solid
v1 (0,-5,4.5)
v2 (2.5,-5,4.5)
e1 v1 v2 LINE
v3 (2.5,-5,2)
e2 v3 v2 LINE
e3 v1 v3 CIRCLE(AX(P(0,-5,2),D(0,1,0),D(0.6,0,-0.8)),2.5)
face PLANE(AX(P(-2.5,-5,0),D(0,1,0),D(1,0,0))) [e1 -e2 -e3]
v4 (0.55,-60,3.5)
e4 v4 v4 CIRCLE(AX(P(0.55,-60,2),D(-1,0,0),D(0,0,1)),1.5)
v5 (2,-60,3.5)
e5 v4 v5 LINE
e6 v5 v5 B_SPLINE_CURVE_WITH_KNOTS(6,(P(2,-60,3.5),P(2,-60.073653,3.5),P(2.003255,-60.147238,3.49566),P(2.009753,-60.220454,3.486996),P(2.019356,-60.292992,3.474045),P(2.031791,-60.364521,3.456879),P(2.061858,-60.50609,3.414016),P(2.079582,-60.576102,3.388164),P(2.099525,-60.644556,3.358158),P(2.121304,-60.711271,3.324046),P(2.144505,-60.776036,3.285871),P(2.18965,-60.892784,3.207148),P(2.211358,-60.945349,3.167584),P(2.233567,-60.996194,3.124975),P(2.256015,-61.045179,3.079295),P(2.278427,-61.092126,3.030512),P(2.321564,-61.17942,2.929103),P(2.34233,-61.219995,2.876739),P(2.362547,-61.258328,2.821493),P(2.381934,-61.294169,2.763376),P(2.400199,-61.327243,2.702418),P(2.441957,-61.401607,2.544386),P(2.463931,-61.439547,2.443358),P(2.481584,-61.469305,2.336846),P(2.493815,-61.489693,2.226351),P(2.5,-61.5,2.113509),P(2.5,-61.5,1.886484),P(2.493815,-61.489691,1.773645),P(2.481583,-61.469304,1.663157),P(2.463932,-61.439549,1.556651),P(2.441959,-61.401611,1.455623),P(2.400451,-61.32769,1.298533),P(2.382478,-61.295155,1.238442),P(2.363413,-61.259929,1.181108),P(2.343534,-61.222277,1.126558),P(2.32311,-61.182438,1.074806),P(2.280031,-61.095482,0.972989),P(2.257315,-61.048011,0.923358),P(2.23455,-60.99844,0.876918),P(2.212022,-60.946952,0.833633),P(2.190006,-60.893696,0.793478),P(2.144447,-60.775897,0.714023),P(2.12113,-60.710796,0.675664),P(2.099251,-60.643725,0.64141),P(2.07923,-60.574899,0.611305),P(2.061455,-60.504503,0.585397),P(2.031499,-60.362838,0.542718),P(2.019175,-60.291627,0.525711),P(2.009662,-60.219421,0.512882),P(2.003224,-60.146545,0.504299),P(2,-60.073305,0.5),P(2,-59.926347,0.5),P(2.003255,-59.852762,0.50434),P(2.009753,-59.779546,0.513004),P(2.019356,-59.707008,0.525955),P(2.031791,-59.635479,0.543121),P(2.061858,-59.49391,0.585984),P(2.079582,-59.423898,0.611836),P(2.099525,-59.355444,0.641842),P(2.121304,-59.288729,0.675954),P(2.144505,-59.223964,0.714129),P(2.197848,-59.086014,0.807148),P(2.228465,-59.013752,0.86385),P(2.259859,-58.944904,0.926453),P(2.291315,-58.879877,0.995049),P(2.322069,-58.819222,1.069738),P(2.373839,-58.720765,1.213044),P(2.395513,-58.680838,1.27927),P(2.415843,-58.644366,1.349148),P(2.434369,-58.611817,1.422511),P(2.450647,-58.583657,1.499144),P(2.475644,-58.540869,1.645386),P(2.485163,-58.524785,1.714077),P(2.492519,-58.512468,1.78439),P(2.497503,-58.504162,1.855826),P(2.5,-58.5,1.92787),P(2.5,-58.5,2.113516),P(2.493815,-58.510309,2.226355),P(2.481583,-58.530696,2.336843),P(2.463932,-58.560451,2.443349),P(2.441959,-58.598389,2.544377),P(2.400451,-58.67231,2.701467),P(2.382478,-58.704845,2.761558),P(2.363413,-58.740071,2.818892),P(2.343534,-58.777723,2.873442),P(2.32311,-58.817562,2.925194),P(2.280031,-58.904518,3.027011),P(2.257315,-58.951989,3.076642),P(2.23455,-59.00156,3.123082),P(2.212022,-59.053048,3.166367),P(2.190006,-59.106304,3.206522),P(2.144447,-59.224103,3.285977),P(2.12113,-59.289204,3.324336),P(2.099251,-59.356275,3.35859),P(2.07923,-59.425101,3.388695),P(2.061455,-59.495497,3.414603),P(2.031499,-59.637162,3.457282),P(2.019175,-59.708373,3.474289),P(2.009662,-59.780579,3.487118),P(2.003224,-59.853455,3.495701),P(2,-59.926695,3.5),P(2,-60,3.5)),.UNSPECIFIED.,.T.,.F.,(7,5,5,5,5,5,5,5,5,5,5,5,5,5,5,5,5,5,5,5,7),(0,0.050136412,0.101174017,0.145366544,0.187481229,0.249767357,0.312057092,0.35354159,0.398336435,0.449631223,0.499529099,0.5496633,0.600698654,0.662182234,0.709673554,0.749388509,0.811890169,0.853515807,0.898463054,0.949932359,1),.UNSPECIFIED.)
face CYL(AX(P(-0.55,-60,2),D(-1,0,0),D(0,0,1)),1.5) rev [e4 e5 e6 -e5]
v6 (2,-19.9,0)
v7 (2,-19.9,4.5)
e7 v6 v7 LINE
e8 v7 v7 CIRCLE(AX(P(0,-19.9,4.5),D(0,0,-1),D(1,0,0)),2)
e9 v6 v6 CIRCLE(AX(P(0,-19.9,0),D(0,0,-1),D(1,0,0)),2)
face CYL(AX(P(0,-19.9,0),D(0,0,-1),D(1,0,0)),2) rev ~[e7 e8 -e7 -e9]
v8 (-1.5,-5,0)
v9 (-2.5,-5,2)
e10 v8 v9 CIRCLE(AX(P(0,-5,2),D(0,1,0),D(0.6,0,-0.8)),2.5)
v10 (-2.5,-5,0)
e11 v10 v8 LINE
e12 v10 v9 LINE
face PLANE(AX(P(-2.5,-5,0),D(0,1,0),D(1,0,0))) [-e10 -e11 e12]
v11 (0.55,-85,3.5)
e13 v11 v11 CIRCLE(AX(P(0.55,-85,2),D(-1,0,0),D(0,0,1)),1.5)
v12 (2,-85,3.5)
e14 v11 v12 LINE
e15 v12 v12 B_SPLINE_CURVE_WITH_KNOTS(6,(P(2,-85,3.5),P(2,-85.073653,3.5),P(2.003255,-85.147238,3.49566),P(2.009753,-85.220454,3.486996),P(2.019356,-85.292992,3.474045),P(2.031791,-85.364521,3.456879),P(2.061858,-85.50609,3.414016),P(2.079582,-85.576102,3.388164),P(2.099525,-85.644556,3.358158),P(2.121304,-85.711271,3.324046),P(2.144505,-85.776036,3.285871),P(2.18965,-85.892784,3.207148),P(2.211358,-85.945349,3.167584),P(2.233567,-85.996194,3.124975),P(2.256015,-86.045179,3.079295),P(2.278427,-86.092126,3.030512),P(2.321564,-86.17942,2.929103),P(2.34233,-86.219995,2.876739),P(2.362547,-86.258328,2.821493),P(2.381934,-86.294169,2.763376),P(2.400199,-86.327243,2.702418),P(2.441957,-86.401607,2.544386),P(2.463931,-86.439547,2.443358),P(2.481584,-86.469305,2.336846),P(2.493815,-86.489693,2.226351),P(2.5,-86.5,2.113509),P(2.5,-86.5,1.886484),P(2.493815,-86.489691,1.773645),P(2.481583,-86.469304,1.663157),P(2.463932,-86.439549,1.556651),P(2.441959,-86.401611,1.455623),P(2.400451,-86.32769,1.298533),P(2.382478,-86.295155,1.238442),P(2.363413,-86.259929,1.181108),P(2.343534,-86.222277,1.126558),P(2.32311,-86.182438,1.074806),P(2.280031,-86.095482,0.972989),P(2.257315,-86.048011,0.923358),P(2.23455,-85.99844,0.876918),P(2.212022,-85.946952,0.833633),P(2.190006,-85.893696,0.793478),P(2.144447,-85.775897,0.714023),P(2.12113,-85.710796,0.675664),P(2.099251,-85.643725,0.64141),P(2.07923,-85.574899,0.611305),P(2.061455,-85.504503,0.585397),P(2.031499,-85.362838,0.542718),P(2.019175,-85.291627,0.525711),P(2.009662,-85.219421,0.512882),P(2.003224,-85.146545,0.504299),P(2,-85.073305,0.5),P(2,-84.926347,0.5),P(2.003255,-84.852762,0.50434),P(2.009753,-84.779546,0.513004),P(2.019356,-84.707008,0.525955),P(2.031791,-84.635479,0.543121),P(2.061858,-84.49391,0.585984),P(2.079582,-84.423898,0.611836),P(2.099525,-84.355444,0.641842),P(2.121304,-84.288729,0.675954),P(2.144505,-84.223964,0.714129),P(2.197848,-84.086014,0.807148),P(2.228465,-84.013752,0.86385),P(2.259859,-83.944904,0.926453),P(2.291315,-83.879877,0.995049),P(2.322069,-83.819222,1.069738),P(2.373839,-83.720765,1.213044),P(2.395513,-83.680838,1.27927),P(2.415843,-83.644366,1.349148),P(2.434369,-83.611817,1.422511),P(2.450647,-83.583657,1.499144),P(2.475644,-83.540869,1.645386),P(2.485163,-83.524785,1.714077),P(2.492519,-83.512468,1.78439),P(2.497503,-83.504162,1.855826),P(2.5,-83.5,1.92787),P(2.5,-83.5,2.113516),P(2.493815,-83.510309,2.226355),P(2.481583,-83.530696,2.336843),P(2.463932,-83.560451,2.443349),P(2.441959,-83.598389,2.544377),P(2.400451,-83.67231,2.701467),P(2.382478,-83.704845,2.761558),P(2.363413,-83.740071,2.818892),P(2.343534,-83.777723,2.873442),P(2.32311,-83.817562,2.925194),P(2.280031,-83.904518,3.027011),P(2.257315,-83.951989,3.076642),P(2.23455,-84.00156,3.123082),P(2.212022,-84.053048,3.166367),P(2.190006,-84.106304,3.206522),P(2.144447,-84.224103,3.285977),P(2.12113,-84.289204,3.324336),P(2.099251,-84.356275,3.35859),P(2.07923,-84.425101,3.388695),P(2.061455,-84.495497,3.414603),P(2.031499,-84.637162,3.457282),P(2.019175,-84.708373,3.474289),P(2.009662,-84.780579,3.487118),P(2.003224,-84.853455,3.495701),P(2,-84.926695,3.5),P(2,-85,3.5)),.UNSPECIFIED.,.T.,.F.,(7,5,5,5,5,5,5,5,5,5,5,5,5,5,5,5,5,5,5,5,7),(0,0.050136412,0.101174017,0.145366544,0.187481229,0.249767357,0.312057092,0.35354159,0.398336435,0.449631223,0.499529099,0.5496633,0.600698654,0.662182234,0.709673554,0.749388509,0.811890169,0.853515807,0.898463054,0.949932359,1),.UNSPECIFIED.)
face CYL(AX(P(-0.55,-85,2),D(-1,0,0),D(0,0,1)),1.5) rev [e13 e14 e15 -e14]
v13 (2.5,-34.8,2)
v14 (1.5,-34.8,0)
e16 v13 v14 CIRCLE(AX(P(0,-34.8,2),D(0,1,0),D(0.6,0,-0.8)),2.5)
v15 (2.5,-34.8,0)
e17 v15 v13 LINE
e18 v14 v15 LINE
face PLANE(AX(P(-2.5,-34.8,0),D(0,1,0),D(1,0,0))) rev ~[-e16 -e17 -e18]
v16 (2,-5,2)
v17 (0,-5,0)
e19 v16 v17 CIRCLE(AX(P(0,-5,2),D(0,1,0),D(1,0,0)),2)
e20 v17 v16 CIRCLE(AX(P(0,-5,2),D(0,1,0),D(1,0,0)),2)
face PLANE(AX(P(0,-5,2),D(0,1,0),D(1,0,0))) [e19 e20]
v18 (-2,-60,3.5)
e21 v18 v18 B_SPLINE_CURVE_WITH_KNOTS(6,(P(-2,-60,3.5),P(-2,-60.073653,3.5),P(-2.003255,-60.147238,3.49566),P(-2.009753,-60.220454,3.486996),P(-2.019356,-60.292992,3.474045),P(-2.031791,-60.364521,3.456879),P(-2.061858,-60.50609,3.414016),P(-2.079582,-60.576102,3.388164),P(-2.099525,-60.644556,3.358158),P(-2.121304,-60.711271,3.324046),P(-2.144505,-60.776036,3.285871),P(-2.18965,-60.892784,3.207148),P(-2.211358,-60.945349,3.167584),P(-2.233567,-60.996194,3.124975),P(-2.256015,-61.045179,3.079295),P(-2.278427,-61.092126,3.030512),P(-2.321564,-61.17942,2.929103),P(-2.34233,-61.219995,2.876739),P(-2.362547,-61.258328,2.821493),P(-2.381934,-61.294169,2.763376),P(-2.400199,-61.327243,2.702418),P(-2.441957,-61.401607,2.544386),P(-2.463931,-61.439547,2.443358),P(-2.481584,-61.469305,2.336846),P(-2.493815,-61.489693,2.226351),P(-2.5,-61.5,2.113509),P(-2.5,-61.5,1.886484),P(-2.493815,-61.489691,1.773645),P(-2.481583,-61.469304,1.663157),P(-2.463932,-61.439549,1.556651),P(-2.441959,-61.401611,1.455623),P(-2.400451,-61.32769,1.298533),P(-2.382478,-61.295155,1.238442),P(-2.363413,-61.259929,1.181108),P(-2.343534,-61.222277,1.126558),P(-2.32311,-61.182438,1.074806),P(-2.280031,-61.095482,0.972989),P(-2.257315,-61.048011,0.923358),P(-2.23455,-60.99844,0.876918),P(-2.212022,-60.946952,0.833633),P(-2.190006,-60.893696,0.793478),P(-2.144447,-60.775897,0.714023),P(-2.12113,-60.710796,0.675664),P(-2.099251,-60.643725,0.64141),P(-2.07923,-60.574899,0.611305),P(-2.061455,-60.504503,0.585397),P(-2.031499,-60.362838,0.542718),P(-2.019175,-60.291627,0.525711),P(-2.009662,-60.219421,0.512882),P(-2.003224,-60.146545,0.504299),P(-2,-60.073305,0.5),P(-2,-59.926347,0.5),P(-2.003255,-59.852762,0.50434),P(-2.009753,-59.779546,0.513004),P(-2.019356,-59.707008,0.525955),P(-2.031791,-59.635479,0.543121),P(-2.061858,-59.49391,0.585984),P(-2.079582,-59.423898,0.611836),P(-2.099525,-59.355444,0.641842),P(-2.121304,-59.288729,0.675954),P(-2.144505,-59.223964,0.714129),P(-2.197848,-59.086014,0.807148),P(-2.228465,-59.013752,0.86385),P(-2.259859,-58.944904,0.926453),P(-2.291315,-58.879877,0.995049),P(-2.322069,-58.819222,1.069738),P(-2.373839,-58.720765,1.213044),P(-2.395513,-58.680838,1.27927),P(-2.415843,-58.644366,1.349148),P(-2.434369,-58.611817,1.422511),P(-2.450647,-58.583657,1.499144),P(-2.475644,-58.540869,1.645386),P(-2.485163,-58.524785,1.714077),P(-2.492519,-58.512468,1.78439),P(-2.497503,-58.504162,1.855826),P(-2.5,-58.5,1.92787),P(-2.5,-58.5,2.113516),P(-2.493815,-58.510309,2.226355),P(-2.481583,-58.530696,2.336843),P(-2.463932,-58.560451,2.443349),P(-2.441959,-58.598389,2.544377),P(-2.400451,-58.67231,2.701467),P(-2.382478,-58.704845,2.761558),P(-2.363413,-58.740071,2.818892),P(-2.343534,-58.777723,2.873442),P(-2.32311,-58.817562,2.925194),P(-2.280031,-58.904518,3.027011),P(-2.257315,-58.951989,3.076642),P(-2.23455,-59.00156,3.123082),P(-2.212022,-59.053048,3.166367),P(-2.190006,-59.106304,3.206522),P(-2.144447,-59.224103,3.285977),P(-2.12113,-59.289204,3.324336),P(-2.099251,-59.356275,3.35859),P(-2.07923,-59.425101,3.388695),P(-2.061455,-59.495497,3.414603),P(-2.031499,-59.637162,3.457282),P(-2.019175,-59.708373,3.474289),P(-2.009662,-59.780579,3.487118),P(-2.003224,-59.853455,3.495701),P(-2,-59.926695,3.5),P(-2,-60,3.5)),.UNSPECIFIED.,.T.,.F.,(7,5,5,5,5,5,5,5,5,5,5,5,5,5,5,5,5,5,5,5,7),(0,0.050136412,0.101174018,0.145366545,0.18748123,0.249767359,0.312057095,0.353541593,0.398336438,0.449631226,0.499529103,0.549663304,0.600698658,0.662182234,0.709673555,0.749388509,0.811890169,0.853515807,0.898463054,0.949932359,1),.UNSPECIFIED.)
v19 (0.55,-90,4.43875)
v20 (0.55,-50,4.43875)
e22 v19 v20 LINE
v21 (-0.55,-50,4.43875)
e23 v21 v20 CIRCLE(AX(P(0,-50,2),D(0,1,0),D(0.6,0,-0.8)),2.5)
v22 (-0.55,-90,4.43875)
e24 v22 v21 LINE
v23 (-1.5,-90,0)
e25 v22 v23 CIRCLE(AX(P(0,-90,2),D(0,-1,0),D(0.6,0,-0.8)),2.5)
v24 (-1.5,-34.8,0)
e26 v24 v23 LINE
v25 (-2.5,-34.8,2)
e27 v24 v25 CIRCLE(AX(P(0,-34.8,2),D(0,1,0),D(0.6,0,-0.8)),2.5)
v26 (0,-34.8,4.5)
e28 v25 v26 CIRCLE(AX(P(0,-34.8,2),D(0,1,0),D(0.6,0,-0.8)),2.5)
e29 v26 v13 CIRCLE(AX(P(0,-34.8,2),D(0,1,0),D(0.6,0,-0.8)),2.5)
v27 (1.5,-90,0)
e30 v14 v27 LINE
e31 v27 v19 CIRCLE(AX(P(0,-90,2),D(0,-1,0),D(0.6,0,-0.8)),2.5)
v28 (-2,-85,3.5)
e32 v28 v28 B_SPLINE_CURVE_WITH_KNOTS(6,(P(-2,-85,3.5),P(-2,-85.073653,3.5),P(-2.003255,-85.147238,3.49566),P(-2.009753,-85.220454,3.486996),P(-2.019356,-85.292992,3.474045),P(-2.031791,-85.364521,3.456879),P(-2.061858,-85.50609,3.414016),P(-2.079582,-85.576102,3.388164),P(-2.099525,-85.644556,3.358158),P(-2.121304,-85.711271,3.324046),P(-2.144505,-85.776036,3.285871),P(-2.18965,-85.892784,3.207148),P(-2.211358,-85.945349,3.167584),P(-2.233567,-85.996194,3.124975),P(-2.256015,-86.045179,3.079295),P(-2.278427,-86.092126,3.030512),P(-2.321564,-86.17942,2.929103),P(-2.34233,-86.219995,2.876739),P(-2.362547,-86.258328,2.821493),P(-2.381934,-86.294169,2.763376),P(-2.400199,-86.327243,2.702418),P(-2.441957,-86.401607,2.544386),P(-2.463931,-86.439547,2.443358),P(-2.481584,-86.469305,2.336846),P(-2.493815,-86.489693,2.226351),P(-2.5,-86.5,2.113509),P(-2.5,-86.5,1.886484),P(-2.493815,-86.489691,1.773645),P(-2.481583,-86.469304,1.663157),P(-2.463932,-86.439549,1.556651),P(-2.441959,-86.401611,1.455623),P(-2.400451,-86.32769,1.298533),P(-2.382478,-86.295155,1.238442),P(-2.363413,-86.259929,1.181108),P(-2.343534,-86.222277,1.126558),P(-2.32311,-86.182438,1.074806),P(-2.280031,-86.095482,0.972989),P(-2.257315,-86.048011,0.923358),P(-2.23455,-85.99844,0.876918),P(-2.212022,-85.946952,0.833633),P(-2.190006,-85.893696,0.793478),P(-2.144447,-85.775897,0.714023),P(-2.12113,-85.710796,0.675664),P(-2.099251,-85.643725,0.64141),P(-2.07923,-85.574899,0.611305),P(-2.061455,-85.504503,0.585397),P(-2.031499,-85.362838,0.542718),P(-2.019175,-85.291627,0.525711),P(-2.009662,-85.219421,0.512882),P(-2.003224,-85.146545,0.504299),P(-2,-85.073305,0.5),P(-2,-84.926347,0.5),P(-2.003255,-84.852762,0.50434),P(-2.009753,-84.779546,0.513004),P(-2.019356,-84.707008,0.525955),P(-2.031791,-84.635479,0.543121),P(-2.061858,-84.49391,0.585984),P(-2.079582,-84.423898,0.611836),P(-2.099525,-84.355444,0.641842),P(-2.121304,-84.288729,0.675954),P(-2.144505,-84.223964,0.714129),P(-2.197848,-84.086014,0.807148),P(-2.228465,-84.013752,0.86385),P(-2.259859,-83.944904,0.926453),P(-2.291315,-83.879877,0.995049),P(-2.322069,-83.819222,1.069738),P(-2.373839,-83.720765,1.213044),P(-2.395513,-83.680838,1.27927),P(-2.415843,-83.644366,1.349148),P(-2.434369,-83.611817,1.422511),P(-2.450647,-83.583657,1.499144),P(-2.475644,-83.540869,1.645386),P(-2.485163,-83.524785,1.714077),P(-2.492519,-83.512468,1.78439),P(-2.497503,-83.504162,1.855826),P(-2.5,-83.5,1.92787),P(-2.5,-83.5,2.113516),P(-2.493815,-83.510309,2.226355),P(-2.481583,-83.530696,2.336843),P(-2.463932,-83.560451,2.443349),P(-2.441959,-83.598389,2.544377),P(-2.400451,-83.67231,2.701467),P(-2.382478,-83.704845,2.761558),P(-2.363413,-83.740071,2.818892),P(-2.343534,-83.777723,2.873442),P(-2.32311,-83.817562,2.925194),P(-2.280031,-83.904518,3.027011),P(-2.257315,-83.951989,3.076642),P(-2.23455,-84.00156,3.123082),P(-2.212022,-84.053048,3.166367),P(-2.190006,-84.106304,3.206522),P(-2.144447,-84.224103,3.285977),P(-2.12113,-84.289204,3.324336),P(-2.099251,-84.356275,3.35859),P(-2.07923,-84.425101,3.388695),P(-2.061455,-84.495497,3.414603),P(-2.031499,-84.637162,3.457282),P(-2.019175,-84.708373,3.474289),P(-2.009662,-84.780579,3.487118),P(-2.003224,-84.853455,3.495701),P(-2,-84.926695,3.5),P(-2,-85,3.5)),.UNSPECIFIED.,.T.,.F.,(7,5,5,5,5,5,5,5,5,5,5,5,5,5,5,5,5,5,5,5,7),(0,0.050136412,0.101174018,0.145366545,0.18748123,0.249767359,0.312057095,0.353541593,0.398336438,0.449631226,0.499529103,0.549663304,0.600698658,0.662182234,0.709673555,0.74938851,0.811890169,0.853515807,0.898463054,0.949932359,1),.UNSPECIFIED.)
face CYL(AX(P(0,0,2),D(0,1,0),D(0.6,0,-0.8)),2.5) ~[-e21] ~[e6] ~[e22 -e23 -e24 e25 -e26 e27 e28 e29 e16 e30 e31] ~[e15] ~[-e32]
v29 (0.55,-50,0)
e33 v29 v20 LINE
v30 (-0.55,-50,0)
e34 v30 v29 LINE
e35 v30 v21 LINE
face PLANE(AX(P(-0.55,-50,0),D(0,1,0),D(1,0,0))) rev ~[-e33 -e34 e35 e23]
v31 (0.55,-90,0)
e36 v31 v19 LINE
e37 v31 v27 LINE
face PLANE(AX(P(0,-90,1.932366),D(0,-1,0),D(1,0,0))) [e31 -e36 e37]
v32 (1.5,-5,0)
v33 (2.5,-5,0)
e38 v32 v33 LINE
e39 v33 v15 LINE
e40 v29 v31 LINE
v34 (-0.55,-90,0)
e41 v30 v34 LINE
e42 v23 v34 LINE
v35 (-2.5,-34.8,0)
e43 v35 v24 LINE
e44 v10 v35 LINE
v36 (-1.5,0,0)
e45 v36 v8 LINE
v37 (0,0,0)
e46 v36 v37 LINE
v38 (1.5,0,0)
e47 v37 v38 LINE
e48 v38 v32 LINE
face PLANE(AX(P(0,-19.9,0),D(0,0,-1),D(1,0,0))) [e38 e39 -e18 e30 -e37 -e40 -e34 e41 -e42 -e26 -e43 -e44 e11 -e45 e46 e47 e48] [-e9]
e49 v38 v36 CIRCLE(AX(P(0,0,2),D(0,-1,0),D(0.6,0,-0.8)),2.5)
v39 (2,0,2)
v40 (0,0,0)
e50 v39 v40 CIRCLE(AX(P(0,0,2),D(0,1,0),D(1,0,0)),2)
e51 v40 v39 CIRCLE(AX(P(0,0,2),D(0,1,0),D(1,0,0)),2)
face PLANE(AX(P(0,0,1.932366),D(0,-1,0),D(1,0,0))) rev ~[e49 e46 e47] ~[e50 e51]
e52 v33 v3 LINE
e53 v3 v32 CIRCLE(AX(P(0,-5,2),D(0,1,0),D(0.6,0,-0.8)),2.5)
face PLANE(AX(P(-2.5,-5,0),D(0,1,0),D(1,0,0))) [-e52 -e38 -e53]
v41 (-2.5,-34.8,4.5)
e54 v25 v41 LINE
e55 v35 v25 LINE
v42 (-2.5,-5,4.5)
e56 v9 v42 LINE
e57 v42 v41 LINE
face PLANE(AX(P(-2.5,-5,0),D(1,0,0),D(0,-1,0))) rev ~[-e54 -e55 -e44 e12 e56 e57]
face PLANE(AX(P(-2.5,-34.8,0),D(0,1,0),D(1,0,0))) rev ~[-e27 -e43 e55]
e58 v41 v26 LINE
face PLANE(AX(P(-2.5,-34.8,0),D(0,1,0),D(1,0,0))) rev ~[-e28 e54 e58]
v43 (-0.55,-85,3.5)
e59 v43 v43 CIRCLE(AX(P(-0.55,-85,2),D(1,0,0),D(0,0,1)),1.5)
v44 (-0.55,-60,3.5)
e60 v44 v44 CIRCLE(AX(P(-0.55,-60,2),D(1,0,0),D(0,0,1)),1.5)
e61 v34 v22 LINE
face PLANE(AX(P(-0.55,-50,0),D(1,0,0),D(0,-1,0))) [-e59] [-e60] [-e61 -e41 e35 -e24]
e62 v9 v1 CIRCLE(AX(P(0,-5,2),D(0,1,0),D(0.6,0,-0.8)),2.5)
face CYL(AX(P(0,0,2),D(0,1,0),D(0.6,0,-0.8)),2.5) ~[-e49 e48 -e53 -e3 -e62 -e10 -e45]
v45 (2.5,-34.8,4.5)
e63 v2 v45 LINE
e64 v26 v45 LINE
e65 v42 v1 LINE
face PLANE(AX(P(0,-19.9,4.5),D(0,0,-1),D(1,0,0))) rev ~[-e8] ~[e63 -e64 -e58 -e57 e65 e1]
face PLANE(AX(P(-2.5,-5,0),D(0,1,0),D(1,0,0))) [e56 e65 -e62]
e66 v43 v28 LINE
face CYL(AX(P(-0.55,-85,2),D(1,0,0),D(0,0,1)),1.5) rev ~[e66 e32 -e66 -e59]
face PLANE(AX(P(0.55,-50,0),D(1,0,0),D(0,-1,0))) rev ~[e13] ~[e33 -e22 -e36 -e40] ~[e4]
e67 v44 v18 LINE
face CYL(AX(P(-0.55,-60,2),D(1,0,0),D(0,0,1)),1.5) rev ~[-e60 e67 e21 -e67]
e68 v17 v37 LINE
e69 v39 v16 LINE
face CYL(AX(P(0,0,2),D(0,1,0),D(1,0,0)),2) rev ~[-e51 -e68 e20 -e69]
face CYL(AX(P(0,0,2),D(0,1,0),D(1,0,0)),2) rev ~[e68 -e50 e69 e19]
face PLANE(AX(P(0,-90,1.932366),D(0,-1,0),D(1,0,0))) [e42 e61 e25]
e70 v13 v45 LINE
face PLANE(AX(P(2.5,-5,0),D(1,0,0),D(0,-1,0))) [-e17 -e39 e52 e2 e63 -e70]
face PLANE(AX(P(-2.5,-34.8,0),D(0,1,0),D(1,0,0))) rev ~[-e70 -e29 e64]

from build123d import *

# Parameters (mm, degrees)
PAD_DEPTH            = 90
SKETCH004_W          = 5
SKETCH004_H          = 29.8
PAD001_DEPTH         = 4.5
SKETCH001_R          = 2
POCKET_DEPTH         = 4.501
SKETCH005_W          = 1.1
SKETCH005_H          = 40
POCKET001_DEPTH      = 4.501
SKETCH006_R          = 1.5
POCKET002_DEPTH      = 1.951
POCKET002_DEPTH_BACK = -3.051
SKETCH007_R          = 2
POCKET003_DEPTH      = 5


with BuildPart() as part:
    # Sketch → Pad (new body)
    with BuildSketch(Plane.XZ):
        with BuildLine():
            Line((-1.5, 0), (1.5, 0))
            ThreePointArc((1.5, 0), (0, 4.5), (-1.5, 0))
        make_face()
    extrude(amount=PAD_DEPTH)

    # Sketch004 → Pad001 (new body)
    with BuildSketch(Plane(origin=(0, 0, 0), x_dir=(1, 0, 0), z_dir=(0, 0, -1))):
        with Locations((0, 19.9)):
            Rectangle(SKETCH004_W, SKETCH004_H)
    extrude(amount=-PAD001_DEPTH)

    # Sketch001 → Pocket (cut, through all)
    with BuildSketch(Plane(origin=(0, 0, 0), x_dir=(1, 0, 0), z_dir=(0, 0, -1))):
        with Locations((0, 19.9)):
            Circle(SKETCH001_R)
    extrude(amount=-POCKET_DEPTH, mode=Mode.SUBTRACT)

    # Sketch005 → Pocket001 (cut, through all)
    with BuildSketch(Plane(origin=(0, 0, 0), x_dir=(1, 0, 0), z_dir=(0, 0, -1))):
        with Locations((0, 70)):
            Rectangle(SKETCH005_W, SKETCH005_H)
    extrude(amount=-POCKET001_DEPTH, mode=Mode.SUBTRACT)

    # Sketch006 → Pocket002 (cut, two sides)
    with BuildSketch(Plane(origin=(-0.55, 0, 0), x_dir=(0, 0, 1), z_dir=(1, 0, 0))) as pocket002_sk:
        with Locations((2, 60)):
            Circle(SKETCH006_R)
        with Locations((2, 85)):
            Circle(SKETCH006_R)
    extrude(amount=-POCKET002_DEPTH, mode=Mode.SUBTRACT)
    extrude(pocket002_sk.sketch, amount=-POCKET002_DEPTH_BACK, mode=Mode.SUBTRACT)

    # Sketch007 → Pocket003 (cut)
    with BuildSketch(Plane(origin=(0, 0, 0), x_dir=(1, 0, 0), z_dir=(0, 1, 0))):
        with Locations((0, -2)):
            Circle(SKETCH007_R)
    extrude(amount=-POCKET003_DEPTH, mode=Mode.SUBTRACT)


solid = part.part
